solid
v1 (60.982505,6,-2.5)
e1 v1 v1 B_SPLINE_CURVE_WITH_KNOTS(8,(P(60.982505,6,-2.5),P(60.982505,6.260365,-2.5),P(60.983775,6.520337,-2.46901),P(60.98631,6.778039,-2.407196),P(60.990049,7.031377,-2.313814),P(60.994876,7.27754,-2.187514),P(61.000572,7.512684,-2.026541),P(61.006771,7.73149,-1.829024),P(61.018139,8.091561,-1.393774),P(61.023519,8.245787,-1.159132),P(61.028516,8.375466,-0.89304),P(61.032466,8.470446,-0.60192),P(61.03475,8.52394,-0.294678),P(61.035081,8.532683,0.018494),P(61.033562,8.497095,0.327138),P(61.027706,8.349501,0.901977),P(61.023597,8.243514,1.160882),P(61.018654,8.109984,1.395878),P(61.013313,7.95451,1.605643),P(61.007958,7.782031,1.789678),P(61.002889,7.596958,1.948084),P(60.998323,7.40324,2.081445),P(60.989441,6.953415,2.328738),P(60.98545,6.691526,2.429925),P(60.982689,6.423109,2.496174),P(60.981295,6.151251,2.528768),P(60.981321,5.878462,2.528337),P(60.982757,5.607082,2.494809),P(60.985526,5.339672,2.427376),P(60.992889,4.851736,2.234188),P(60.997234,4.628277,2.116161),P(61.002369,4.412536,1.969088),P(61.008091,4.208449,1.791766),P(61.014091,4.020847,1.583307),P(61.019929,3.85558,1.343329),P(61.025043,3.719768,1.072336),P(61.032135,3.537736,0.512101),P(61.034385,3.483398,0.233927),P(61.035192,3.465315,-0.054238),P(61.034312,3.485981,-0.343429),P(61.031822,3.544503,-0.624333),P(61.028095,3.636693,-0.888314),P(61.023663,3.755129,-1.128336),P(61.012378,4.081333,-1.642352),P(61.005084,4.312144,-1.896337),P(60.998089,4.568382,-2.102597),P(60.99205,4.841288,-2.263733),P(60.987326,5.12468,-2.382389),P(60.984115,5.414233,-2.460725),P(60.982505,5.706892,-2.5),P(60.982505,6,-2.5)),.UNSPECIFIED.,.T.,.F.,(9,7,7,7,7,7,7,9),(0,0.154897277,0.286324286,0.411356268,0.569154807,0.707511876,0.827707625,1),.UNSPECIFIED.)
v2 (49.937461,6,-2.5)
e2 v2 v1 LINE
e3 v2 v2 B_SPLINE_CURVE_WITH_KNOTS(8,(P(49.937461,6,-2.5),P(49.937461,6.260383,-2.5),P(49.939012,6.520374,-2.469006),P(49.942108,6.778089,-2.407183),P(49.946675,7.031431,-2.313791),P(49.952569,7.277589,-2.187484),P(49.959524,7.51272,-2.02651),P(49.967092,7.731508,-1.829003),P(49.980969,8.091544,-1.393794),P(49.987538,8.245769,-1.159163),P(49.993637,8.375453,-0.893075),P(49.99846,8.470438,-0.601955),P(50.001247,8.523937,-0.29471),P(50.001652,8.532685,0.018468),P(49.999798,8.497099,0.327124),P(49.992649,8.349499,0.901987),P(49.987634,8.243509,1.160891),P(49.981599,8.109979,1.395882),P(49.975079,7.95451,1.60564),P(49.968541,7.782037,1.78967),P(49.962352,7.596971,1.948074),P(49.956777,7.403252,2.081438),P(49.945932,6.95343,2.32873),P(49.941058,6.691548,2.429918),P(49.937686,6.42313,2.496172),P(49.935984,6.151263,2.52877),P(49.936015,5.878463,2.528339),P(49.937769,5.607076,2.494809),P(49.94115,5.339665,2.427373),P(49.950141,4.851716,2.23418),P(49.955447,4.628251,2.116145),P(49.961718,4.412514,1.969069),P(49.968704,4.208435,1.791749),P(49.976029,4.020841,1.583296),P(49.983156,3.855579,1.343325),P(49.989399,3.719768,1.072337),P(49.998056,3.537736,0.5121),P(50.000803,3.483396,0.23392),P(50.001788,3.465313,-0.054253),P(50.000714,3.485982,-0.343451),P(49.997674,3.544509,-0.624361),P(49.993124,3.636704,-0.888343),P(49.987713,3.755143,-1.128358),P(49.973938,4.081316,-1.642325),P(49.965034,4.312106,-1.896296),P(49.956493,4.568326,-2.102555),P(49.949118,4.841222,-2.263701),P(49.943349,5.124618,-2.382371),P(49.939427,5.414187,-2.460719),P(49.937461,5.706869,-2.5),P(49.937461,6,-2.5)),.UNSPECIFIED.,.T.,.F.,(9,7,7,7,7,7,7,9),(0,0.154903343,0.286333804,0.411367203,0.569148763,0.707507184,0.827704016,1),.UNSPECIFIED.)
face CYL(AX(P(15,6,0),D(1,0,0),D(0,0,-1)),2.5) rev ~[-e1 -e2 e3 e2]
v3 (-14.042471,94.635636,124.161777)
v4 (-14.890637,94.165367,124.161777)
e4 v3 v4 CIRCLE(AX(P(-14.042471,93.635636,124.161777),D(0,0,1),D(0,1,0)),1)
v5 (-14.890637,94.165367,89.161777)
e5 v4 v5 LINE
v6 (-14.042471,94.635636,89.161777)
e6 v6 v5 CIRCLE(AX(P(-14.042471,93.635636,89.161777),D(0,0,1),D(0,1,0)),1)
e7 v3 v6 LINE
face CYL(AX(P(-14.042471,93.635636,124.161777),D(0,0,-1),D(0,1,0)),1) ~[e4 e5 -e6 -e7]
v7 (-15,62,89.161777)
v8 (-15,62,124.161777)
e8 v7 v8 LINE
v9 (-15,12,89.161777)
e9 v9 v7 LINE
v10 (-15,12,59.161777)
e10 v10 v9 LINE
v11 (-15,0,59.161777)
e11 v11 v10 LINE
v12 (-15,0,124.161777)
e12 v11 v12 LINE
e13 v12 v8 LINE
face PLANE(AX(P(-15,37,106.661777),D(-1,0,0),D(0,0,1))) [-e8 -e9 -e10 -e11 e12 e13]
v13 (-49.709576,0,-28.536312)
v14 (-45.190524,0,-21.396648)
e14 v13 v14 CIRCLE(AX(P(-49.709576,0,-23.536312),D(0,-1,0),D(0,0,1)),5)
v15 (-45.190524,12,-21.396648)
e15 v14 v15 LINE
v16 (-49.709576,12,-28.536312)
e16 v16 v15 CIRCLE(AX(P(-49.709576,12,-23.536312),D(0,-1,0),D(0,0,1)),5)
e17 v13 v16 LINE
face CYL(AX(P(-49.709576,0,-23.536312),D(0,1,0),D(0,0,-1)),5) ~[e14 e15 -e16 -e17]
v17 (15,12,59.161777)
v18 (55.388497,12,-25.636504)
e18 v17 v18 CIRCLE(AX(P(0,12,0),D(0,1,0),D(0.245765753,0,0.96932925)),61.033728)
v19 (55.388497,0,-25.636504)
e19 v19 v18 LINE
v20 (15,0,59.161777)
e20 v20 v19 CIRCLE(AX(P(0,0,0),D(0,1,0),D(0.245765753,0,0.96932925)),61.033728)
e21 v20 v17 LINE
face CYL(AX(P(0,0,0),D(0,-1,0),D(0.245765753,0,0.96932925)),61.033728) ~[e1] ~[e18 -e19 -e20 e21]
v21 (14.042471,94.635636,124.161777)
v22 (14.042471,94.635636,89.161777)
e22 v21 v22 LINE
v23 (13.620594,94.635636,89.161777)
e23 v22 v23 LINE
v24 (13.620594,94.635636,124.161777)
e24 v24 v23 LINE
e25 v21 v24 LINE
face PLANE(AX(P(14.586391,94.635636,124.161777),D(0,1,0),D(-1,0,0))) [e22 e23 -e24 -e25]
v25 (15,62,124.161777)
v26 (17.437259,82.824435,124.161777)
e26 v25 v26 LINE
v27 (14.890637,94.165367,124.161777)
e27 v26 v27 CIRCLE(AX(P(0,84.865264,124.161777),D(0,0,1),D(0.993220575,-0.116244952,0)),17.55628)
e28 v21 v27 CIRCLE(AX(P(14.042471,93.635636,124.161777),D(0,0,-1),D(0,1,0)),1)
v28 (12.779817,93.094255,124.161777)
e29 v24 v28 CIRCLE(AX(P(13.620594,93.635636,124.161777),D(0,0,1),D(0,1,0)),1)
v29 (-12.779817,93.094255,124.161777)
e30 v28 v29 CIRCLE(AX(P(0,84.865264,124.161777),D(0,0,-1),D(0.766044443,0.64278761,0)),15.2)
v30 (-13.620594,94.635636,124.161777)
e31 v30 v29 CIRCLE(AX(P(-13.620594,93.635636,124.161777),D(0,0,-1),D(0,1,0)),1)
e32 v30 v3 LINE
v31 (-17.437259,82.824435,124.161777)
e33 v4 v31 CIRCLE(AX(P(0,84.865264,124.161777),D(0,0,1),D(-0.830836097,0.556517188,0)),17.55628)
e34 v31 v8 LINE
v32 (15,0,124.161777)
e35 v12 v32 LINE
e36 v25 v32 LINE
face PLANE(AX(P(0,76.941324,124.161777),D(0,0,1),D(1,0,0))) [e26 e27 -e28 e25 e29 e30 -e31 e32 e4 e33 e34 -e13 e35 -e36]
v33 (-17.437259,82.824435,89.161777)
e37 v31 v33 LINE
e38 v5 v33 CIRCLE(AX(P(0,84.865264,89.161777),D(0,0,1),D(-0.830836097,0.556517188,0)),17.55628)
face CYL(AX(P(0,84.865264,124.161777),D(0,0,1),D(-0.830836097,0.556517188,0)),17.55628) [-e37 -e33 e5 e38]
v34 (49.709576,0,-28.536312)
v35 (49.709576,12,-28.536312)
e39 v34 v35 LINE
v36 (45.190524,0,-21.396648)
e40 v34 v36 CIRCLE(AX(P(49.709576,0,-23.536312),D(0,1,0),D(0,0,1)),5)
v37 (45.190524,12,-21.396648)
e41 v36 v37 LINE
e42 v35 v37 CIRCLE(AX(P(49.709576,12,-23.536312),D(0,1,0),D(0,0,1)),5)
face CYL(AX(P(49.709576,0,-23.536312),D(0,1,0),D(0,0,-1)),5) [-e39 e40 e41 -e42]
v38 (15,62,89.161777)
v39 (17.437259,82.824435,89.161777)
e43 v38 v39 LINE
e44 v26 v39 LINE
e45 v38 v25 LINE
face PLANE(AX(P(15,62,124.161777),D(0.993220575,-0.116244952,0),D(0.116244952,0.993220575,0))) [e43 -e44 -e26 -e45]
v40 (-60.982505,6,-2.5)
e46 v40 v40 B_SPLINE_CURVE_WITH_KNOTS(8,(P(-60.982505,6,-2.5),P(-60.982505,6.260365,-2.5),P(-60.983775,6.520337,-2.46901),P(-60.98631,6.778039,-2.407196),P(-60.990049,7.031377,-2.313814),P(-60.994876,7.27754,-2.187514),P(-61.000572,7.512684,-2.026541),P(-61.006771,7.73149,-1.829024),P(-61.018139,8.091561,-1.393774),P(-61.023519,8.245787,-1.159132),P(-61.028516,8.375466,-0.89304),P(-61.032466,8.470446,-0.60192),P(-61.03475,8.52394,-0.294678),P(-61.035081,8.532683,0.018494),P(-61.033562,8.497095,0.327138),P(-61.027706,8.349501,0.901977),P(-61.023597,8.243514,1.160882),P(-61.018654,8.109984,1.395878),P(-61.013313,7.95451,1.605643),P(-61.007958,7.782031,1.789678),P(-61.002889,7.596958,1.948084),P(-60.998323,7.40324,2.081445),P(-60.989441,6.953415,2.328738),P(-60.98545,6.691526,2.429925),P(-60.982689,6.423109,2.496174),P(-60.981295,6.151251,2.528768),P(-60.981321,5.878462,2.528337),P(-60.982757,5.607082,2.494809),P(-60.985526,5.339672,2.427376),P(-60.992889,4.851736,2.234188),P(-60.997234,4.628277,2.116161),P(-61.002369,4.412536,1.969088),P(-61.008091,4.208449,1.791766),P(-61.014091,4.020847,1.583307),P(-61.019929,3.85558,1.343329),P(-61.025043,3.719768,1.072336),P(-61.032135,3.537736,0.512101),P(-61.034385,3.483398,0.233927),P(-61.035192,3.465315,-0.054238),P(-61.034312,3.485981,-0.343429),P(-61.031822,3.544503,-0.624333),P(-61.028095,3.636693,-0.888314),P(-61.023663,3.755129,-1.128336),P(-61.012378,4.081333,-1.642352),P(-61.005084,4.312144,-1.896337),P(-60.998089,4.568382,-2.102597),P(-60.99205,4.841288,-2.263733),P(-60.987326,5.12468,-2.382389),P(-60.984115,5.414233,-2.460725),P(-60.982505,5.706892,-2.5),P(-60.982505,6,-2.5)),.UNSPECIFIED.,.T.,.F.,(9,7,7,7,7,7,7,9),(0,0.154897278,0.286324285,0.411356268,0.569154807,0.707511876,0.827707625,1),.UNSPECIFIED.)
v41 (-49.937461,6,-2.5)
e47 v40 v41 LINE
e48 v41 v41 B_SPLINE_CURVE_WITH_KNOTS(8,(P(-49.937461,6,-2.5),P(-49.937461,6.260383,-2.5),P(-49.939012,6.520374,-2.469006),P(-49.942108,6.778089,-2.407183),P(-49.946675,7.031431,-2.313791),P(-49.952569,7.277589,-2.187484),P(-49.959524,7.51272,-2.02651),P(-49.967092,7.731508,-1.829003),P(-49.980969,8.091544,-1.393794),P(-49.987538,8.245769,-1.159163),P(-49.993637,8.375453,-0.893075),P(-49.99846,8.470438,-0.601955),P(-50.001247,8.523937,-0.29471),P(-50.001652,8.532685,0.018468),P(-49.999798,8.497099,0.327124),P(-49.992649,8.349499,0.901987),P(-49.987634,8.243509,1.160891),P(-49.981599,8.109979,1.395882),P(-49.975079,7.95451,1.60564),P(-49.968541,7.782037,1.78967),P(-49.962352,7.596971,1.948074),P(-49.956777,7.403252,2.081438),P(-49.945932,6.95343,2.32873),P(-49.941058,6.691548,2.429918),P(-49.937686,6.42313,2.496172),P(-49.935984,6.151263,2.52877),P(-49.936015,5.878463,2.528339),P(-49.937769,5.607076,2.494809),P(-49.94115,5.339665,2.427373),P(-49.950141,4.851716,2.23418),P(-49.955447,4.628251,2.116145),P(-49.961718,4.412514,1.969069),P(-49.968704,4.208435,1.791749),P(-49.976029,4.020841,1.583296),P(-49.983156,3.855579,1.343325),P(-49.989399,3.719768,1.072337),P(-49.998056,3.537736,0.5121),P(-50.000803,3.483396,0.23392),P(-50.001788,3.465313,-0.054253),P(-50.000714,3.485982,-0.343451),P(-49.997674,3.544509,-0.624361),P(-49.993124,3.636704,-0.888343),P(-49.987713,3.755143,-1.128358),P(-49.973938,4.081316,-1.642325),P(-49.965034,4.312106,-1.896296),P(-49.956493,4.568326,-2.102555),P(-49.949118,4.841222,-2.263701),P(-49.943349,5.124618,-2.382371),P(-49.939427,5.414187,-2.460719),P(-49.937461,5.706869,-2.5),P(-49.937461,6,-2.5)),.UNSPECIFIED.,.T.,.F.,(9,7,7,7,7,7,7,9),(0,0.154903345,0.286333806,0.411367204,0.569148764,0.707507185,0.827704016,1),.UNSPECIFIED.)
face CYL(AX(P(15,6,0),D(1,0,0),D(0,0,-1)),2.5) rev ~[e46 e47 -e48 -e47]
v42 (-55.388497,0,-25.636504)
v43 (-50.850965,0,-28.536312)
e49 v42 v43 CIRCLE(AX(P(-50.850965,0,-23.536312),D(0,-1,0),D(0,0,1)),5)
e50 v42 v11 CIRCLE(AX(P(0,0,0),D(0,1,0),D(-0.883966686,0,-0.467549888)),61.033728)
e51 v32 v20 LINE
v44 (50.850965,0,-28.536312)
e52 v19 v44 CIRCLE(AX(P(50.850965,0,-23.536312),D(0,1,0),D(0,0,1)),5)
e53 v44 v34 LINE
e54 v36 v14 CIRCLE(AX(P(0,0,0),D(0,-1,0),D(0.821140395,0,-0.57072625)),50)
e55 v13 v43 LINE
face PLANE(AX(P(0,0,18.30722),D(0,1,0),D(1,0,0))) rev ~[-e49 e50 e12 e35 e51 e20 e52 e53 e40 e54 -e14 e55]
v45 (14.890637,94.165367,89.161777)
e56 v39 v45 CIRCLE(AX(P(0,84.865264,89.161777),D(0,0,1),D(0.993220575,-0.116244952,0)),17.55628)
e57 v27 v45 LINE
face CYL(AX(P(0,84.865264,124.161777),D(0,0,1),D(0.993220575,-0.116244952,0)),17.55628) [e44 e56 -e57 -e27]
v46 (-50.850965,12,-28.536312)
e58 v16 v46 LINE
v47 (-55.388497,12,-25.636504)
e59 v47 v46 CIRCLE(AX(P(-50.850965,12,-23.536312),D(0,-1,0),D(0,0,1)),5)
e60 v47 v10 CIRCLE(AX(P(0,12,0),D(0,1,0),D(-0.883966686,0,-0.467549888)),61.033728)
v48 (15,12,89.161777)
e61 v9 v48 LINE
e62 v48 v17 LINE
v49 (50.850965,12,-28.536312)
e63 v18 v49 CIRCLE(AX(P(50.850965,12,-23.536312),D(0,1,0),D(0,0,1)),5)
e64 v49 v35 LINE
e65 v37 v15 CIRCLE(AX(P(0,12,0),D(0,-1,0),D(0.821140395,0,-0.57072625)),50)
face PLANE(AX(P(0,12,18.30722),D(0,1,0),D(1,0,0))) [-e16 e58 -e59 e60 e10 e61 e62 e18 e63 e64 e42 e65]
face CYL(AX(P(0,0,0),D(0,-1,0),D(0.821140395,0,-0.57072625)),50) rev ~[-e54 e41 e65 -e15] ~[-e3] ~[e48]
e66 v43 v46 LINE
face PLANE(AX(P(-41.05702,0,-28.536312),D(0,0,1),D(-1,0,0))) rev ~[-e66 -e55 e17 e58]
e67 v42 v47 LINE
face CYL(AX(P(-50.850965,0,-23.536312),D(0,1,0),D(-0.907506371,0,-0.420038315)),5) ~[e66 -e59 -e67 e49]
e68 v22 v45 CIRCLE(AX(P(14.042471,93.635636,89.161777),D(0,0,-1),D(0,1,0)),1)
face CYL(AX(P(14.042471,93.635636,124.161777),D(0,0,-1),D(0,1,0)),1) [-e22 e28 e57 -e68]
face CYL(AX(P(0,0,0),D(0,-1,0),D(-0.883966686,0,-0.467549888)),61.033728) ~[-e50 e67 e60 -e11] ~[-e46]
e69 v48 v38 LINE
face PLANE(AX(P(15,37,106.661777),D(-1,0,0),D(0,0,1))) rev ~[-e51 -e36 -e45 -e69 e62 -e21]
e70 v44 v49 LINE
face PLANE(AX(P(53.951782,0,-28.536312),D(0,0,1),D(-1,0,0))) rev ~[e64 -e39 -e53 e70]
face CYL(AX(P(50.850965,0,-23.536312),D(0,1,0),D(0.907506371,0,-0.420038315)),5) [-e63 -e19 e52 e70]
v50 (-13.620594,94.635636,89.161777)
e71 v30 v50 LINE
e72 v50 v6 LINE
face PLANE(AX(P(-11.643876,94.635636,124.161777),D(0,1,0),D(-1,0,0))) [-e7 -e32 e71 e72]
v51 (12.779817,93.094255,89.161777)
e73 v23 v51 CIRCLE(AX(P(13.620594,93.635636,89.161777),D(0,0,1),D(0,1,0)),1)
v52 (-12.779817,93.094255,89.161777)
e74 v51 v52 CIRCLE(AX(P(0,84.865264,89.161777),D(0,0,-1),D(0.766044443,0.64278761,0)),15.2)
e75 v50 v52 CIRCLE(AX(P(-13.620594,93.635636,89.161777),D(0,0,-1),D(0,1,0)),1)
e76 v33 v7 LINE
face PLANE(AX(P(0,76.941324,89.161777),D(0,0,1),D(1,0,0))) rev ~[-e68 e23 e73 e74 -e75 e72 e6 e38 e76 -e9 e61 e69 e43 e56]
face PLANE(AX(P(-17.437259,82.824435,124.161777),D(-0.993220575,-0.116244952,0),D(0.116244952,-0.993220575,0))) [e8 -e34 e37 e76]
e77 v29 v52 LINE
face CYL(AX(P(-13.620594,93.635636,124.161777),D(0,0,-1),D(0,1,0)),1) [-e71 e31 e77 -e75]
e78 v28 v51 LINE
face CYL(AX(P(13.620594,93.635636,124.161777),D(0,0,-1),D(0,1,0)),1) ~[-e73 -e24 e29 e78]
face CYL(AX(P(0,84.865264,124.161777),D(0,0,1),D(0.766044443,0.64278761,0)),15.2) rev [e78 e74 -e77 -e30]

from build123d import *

# Parameters (mm, degrees)
BOSS_EXTRUDE1_DEPTH = 12
SKETCH2_R           = 2.5
CUT_EXTRUDE1_DEPTH  = 500
SKETCH4_W           = 35
SKETCH4_H           = 50
BOSS_EXTRUDE2_DEPTH = 30
BOSS_EXTRUDE3_DEPTH = 35
FILLET1_R           = 5
FILLET2_R           = 1
FILLET_1_R          = 1


with BuildPart() as part:
    # Sketch1 → Boss-Extrude1 (new body)
    with BuildSketch(Plane(origin=(0, 0, 0), x_dir=(1, 0, 0), z_dir=(0, 1, 0))):
        with BuildLine():
            Line((-41.057019736, 28.536312488), (-53.951781887, 28.536312488))
            ThreePointArc((-53.951781887, 28.536312488), (-55.779259556, -24.774787639), (-15, -59.16177735))
            Line((-15, -59.16177735), (15, -59.16177735))
            ThreePointArc((15, -59.16177735), (55.779259556, -24.774787639), (53.951781887, 28.536312488))
            Line((53.951781887, 28.536312488), (41.057019736, 28.536312488))
            ThreePointArc((41.057019736, 28.536312488), (0, -50), (-41.057019736, 28.536312488))
        make_face()
        with BuildLine():
            ThreePointArc((15, -59.16177735), (0, -61.033727554), (-15, -59.16177735))
            Line((-15, -59.16177735), (-15, -124.16177735))
            Line((-15, -124.16177735), (15, -124.16177735))
            Line((15, -124.16177735), (15, -59.16177735))
        make_face()
        with BuildLine():
            Line((15, -59.16177735), (-15, -59.16177735))
            ThreePointArc((-15, -59.16177735), (0, -61.033727554), (15, -59.16177735))
        make_face()
    extrude(amount=BOSS_EXTRUDE1_DEPTH)

    # Sketch2 → Cut-Extrude1 (cut, symmetric)
    with BuildSketch(Plane(origin=(15, 0, 0), x_dir=(0, 0, -1), z_dir=(1, 0, 0))):
        with Locations((0, 6)):
            Circle(SKETCH2_R)
    extrude(amount=CUT_EXTRUDE1_DEPTH, both=True, mode=Mode.SUBTRACT)

    # Sketch4 → Boss-Extrude2 (add)
    with BuildSketch(Plane.ZY.offset(15)):
        with Locations((106.66177735, 37)):
            Rectangle(SKETCH4_W, SKETCH4_H)
    extrude(amount=-BOSS_EXTRUDE2_DEPTH)

    # Sketch5 → Boss-Extrude3 (add)
    with BuildSketch(Plane.XY.offset(124.16177735)):
        with BuildLine():
            Line((-11.643875535, 94.635635732), (-14.586391276, 94.635635732))
            ThreePointArc((-14.586391276, 94.635635732), (-17.06618452, 88.984526001), (-17.437258677, 82.824435117))
            Line((-17.437258677, 82.824435117), (-15, 62))
            Line((-15, 62), (15, 62))
            Line((15, 62), (17.437258677, 82.824435117))
            ThreePointArc((17.437258677, 82.824435117), (17.06618452, 88.984526001), (14.586391276, 94.635635732))
            Line((14.586391276, 94.635635732), (11.643875535, 94.635635732))
            ThreePointArc((11.643875535, 94.635635732), (0, 69.665264065), (-11.643875535, 94.635635732))
        make_face()
    extrude(amount=-BOSS_EXTRUDE3_DEPTH)

    # Fillet1
    fillet1_edges = [part.edges().sort_by_distance(p)[0] for p in [
        (-53.951781887, 6, -28.536312488),
        (-41.057019736, 6, -28.536312488),
        (41.057019736, 6, -28.536312488),
        (53.951781887, 6, -28.536312488),
    ]]
    fillet(fillet1_edges, radius=FILLET1_R)

    # Fillet2
    fillet2_edges = [part.edges().sort_by_distance(p)[0] for p in [
        (11.643875535, 94.635635732, 106.66177735),
        (-11.643875535, 94.635635732, 106.66177735),
    ]]
    fillet(fillet2_edges, radius=FILLET2_R)

    # 圆角1
    fillet_1_edges = [part.edges().sort_by_distance(p)[0] for p in [
        (14.586391276, 94.635635732, 106.66177735),
        (-14.586391276, 94.635635732, 106.66177735),
    ]]
    fillet(fillet_1_edges, radius=FILLET_1_R)


solid = part.part
